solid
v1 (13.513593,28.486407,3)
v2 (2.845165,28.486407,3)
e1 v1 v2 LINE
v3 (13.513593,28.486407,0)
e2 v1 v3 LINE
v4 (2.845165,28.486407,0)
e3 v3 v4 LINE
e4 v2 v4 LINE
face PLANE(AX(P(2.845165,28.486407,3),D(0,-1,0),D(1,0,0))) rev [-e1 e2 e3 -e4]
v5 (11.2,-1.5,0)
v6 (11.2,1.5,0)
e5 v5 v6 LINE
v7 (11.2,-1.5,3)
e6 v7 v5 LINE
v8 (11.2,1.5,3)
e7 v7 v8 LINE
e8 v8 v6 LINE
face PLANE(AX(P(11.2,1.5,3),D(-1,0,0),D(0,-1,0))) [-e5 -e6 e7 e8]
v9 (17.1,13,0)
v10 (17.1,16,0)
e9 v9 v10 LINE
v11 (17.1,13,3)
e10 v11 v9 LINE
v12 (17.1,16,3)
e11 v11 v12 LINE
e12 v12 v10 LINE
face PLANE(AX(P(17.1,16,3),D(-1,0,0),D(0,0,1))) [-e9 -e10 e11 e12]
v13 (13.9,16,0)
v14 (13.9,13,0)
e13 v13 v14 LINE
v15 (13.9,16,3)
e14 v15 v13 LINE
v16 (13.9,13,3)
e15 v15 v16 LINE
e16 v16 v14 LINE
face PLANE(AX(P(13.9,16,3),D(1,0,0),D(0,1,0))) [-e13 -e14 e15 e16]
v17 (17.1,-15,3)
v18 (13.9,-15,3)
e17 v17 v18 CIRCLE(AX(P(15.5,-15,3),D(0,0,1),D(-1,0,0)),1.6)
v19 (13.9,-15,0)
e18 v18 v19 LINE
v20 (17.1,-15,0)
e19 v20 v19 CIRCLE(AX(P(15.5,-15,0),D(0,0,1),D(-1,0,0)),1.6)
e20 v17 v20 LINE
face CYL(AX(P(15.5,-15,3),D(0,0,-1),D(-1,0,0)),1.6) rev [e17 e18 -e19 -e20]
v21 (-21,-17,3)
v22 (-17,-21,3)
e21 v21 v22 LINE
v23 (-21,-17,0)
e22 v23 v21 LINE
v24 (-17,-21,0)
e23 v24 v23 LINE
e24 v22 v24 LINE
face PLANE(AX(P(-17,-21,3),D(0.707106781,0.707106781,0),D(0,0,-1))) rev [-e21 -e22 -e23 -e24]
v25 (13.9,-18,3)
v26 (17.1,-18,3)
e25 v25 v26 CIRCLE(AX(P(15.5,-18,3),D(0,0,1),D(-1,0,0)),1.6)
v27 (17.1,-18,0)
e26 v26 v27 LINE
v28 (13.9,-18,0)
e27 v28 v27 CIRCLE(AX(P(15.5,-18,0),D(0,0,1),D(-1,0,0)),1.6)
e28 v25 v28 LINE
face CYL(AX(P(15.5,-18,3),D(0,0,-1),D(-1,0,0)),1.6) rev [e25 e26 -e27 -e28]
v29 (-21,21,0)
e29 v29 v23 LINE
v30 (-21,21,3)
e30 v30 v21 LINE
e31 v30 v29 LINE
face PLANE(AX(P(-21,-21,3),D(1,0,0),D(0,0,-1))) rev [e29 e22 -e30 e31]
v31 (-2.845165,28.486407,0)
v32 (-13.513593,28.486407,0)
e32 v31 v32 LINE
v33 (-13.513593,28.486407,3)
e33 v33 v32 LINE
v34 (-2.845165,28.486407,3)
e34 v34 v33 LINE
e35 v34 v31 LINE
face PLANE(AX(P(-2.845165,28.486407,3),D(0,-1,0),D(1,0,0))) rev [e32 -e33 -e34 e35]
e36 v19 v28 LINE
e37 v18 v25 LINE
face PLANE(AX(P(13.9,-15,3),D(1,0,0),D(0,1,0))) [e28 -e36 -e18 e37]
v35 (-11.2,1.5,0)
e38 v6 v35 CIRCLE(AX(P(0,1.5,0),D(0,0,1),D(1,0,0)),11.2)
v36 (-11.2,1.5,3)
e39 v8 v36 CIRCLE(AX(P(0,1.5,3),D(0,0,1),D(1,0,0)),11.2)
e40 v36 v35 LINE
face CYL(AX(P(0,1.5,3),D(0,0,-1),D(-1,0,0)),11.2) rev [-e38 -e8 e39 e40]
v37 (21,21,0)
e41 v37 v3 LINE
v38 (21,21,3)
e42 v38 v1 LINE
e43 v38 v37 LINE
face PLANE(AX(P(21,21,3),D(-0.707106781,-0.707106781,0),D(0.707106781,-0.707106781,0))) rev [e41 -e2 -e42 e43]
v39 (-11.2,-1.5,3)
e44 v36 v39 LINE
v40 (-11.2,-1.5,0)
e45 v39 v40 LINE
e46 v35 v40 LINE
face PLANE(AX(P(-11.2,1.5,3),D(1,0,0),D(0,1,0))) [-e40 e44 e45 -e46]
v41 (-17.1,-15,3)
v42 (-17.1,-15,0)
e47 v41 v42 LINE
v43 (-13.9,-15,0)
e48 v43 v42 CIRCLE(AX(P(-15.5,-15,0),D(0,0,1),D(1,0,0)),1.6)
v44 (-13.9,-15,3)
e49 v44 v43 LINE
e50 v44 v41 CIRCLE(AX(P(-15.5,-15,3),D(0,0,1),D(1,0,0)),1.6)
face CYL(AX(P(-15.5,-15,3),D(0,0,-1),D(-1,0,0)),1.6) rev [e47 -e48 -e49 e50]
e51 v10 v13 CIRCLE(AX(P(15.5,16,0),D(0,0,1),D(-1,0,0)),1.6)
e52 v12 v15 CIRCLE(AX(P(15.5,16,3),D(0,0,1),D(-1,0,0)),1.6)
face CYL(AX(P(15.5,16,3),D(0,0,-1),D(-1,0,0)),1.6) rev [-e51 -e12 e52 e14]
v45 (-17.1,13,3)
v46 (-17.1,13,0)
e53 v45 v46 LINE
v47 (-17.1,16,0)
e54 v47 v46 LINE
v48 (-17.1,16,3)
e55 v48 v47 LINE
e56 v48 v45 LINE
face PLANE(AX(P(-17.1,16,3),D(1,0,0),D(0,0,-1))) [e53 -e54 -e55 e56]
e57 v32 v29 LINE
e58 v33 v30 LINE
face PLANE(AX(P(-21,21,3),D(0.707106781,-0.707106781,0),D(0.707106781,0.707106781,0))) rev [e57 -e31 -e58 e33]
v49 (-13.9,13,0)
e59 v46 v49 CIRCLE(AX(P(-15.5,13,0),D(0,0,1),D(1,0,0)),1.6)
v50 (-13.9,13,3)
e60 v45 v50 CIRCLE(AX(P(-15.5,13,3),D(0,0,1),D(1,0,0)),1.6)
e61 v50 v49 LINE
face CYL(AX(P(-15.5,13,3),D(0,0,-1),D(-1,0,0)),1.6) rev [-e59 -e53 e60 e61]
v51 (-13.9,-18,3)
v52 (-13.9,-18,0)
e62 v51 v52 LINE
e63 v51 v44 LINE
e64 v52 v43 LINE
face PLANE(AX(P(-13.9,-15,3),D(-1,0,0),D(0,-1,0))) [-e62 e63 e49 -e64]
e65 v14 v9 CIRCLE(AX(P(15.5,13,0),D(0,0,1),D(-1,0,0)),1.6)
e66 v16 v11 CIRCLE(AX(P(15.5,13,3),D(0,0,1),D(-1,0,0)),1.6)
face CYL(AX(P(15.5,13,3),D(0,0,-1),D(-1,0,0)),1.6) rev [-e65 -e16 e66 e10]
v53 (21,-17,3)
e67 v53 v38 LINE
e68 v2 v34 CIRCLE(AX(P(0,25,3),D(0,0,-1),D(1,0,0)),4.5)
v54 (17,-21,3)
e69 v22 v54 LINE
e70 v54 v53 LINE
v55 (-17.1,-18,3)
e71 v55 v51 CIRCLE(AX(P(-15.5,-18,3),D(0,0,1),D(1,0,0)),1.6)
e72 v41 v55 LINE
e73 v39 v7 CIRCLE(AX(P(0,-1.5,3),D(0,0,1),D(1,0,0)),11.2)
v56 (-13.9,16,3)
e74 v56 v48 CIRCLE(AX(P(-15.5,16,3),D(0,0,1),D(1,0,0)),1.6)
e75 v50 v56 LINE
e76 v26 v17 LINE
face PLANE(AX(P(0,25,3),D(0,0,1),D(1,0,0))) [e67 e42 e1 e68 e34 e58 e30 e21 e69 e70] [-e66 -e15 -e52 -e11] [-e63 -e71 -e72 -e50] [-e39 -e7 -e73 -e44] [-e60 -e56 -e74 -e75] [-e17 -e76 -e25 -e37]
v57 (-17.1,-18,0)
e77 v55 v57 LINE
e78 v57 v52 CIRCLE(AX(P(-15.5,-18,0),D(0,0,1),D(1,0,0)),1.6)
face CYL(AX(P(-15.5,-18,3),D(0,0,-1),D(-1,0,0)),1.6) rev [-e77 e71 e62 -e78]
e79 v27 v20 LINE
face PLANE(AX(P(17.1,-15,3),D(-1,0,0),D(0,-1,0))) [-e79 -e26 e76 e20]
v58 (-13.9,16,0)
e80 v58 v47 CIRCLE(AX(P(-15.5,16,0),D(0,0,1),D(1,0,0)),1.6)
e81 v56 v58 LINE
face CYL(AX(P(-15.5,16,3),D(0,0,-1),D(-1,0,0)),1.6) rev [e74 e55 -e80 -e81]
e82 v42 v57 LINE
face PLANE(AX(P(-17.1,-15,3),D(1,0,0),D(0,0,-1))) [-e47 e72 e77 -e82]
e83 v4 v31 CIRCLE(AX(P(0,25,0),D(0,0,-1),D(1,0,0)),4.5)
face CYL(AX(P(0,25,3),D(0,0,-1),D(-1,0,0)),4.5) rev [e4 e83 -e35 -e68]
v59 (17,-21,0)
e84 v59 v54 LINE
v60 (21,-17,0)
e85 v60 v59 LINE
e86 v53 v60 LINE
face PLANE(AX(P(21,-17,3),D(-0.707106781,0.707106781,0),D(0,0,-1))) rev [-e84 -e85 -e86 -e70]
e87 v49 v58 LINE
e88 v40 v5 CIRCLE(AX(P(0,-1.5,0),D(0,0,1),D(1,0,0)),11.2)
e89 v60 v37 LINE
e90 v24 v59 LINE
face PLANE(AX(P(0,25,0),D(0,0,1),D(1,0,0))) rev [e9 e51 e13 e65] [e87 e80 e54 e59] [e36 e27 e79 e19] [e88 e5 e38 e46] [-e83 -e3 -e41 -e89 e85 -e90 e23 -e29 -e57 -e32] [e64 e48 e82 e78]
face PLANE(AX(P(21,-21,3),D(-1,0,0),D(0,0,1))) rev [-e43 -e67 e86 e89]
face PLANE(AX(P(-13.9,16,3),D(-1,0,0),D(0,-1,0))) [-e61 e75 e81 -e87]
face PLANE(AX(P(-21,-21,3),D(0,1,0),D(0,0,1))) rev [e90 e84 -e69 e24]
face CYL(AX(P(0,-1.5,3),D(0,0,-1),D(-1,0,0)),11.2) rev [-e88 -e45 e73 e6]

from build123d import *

# Parameters (mm, degrees)
BOSS_EXTRUDE1_DEPTH = 3
CHAMFER1_SIZE       = 4


with BuildPart() as part:
    # Sketch1 → Boss-Extrude1 (new body)
    with BuildSketch(Plane.XY):
        with BuildLine():
            Line((-21, -21), (21, -21))
            Line((21, -21), (21, 21))
            Line((21, 21), (13.513592999, 28.486407001))
            Line((13.513592999, 28.486407001), (2.845165412, 28.486407001))
            ThreePointArc((2.845165412, 28.486407001), (0, 20.5), (-2.845165412, 28.486407001))
            Line((-2.845165412, 28.486407001), (-13.513592999, 28.486407001))
            Line((-13.513592999, 28.486407001), (-21, 21))
            Line((-21, 21), (-21, -21))
        make_face()
        with BuildLine():
            Line((-11.2, 1.5), (-11.2, -1.5))
            ThreePointArc((-11.2, -1.5), (0, -12.7), (11.2, -1.5))
            Line((11.2, -1.5), (11.2, 1.5))
            ThreePointArc((11.2, 1.5), (0, 12.7), (-11.2, 1.5))
        make_face(mode=Mode.SUBTRACT)
        with BuildLine():
            Line((-13.9, -15), (-13.9, -18))
            ThreePointArc((-13.9, -18), (-15.5, -19.6), (-17.1, -18))
            Line((-17.1, -18), (-17.1, -15))
            ThreePointArc((-17.1, -15), (-15.5, -13.4), (-13.9, -15))
        make_face(mode=Mode.SUBTRACT)
        with BuildLine():
            Line((-13.9, 16), (-13.9, 13))
            ThreePointArc((-13.9, 13), (-15.5, 11.4), (-17.1, 13))
            Line((-17.1, 13), (-17.1, 16))
            ThreePointArc((-17.1, 16), (-15.5, 17.6), (-13.9, 16))
        make_face(mode=Mode.SUBTRACT)
        with BuildLine():
            Line((13.9, -15), (13.9, -18))
            ThreePointArc((13.9, -18), (15.5, -19.6), (17.1, -18))
            Line((17.1, -18), (17.1, -15))
            ThreePointArc((17.1, -15), (15.5, -13.4), (13.9, -15))
        make_face(mode=Mode.SUBTRACT)
        with BuildLine():
            Line((13.9, 16), (13.9, 13))
            ThreePointArc((13.9, 13), (15.5, 11.4), (17.1, 13))
            Line((17.1, 13), (17.1, 16))
            ThreePointArc((17.1, 16), (15.5, 17.6), (13.9, 16))
        make_face(mode=Mode.SUBTRACT)
    extrude(amount=BOSS_EXTRUDE1_DEPTH)

    # Chamfer1
    chamfer1_edges = [part.edges().sort_by_distance(p)[0] for p in [
        (21, -21, 1.5),
        (-21, -21, 1.5),
    ]]
    chamfer(chamfer1_edges, length=CHAMFER1_SIZE)


solid = part.part
